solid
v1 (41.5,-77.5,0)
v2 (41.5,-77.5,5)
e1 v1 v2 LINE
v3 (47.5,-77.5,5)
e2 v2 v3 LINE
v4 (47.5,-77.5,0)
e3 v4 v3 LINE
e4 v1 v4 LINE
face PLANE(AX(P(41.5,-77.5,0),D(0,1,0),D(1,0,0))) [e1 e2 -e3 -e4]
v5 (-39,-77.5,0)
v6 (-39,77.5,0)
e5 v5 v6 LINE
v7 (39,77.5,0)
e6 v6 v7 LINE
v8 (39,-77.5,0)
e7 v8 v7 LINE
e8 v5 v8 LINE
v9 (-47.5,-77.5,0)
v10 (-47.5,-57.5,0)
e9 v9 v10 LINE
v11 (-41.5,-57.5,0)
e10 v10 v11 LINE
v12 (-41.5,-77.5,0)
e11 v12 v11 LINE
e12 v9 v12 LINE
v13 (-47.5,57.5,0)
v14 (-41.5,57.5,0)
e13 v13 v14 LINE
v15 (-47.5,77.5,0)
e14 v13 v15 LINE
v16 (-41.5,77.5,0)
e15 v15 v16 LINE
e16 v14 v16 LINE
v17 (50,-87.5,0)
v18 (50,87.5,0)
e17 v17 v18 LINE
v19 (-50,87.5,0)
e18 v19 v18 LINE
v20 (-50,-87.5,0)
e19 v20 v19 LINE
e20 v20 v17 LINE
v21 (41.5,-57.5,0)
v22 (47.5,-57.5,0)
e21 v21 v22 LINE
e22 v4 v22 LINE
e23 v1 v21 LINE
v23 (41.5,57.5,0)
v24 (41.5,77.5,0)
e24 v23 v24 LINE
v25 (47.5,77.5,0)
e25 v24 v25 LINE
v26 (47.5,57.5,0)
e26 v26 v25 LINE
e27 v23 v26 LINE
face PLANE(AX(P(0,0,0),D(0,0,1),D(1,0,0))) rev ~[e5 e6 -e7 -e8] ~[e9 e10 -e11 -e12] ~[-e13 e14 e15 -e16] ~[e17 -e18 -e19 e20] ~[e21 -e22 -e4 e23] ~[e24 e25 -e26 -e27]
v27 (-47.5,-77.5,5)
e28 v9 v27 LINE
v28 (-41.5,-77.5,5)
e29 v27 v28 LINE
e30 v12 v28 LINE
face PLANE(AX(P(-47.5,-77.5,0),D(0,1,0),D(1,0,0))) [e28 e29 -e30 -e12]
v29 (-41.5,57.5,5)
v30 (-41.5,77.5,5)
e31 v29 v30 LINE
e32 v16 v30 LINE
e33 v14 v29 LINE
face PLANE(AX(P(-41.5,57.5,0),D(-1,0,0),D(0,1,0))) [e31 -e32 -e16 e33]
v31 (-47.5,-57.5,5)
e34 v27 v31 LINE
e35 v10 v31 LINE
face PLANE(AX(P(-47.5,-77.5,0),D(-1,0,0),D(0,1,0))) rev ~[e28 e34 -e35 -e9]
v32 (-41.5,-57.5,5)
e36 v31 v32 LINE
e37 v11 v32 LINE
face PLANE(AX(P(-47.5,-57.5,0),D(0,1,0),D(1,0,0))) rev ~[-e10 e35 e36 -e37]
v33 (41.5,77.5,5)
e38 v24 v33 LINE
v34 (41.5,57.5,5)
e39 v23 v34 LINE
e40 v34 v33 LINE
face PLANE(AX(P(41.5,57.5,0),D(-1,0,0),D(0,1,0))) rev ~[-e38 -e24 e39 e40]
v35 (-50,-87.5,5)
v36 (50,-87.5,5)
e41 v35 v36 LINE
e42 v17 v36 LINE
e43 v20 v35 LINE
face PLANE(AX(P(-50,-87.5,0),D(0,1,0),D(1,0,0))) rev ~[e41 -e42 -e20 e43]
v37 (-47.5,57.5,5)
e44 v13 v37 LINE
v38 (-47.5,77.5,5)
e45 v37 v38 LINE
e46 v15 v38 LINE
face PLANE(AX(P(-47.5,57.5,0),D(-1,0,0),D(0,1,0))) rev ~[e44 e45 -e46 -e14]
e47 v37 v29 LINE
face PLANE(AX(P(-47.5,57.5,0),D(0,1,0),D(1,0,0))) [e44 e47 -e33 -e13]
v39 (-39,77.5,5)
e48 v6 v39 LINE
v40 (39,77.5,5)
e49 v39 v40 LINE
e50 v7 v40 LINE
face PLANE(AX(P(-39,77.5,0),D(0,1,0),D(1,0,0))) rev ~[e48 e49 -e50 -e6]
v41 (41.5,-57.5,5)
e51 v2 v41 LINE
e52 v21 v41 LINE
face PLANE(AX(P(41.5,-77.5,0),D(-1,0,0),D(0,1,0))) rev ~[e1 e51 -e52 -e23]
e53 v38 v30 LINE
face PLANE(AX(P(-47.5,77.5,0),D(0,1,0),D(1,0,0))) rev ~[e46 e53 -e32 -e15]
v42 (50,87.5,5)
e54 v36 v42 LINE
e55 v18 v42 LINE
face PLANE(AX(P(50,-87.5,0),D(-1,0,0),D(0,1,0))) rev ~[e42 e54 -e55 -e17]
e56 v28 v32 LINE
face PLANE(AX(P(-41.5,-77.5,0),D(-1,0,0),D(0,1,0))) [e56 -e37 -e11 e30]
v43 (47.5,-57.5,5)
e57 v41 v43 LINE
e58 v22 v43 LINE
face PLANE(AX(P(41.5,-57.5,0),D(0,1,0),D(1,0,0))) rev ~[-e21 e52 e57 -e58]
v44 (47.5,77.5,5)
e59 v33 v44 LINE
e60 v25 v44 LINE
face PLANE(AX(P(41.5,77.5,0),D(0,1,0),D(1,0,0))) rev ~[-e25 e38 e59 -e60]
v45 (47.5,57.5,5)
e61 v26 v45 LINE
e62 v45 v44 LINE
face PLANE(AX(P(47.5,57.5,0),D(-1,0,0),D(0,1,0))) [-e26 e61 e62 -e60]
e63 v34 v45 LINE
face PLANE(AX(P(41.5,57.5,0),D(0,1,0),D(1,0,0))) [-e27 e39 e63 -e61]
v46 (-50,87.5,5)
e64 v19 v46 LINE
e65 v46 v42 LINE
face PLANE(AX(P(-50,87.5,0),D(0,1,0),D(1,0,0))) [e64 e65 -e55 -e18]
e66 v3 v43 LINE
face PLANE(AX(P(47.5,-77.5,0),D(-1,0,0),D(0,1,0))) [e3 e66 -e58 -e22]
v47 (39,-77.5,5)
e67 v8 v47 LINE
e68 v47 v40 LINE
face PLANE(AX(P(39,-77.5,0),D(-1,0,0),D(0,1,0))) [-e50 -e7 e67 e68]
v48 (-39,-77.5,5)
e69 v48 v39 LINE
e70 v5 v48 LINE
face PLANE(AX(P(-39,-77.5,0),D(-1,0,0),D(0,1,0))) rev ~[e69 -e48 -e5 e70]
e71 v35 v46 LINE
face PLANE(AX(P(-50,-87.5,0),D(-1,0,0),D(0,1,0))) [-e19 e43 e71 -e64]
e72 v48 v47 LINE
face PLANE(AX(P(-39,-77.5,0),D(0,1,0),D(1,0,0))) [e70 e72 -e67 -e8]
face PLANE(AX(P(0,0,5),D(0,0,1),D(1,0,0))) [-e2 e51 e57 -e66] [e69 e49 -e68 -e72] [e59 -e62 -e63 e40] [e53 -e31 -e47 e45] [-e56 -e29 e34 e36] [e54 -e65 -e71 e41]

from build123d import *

# Parameters (mm, degrees)
F0_W     = 100
F0_H     = 175
F0_W_2   = 6
F0_H_2   = 20
F0_W_3   = 78
F0_H_3   = 155
F1_DEPTH = 5


with BuildPart() as f1:
    # F0 (on Top) → F1 (new body)
    with BuildSketch(Plane.XY):
        Rectangle(F0_W, F0_H)
        with Locations((-44.5, -67.5)):
            Rectangle(F0_W_2, F0_H_2, mode=Mode.SUBTRACT)
        with Locations((44.5, -67.5)):
            Rectangle(F0_W_2, F0_H_2, mode=Mode.SUBTRACT)
        with Locations((-44.5, 67.5)):
            Rectangle(F0_W_2, F0_H_2, mode=Mode.SUBTRACT)
        Rectangle(F0_W_3, F0_H_3, mode=Mode.SUBTRACT)
        with Locations((44.5, 67.5)):
            Rectangle(F0_W_2, F0_H_2, mode=Mode.SUBTRACT)
    extrude(amount=F1_DEPTH)


solid = f1.part
